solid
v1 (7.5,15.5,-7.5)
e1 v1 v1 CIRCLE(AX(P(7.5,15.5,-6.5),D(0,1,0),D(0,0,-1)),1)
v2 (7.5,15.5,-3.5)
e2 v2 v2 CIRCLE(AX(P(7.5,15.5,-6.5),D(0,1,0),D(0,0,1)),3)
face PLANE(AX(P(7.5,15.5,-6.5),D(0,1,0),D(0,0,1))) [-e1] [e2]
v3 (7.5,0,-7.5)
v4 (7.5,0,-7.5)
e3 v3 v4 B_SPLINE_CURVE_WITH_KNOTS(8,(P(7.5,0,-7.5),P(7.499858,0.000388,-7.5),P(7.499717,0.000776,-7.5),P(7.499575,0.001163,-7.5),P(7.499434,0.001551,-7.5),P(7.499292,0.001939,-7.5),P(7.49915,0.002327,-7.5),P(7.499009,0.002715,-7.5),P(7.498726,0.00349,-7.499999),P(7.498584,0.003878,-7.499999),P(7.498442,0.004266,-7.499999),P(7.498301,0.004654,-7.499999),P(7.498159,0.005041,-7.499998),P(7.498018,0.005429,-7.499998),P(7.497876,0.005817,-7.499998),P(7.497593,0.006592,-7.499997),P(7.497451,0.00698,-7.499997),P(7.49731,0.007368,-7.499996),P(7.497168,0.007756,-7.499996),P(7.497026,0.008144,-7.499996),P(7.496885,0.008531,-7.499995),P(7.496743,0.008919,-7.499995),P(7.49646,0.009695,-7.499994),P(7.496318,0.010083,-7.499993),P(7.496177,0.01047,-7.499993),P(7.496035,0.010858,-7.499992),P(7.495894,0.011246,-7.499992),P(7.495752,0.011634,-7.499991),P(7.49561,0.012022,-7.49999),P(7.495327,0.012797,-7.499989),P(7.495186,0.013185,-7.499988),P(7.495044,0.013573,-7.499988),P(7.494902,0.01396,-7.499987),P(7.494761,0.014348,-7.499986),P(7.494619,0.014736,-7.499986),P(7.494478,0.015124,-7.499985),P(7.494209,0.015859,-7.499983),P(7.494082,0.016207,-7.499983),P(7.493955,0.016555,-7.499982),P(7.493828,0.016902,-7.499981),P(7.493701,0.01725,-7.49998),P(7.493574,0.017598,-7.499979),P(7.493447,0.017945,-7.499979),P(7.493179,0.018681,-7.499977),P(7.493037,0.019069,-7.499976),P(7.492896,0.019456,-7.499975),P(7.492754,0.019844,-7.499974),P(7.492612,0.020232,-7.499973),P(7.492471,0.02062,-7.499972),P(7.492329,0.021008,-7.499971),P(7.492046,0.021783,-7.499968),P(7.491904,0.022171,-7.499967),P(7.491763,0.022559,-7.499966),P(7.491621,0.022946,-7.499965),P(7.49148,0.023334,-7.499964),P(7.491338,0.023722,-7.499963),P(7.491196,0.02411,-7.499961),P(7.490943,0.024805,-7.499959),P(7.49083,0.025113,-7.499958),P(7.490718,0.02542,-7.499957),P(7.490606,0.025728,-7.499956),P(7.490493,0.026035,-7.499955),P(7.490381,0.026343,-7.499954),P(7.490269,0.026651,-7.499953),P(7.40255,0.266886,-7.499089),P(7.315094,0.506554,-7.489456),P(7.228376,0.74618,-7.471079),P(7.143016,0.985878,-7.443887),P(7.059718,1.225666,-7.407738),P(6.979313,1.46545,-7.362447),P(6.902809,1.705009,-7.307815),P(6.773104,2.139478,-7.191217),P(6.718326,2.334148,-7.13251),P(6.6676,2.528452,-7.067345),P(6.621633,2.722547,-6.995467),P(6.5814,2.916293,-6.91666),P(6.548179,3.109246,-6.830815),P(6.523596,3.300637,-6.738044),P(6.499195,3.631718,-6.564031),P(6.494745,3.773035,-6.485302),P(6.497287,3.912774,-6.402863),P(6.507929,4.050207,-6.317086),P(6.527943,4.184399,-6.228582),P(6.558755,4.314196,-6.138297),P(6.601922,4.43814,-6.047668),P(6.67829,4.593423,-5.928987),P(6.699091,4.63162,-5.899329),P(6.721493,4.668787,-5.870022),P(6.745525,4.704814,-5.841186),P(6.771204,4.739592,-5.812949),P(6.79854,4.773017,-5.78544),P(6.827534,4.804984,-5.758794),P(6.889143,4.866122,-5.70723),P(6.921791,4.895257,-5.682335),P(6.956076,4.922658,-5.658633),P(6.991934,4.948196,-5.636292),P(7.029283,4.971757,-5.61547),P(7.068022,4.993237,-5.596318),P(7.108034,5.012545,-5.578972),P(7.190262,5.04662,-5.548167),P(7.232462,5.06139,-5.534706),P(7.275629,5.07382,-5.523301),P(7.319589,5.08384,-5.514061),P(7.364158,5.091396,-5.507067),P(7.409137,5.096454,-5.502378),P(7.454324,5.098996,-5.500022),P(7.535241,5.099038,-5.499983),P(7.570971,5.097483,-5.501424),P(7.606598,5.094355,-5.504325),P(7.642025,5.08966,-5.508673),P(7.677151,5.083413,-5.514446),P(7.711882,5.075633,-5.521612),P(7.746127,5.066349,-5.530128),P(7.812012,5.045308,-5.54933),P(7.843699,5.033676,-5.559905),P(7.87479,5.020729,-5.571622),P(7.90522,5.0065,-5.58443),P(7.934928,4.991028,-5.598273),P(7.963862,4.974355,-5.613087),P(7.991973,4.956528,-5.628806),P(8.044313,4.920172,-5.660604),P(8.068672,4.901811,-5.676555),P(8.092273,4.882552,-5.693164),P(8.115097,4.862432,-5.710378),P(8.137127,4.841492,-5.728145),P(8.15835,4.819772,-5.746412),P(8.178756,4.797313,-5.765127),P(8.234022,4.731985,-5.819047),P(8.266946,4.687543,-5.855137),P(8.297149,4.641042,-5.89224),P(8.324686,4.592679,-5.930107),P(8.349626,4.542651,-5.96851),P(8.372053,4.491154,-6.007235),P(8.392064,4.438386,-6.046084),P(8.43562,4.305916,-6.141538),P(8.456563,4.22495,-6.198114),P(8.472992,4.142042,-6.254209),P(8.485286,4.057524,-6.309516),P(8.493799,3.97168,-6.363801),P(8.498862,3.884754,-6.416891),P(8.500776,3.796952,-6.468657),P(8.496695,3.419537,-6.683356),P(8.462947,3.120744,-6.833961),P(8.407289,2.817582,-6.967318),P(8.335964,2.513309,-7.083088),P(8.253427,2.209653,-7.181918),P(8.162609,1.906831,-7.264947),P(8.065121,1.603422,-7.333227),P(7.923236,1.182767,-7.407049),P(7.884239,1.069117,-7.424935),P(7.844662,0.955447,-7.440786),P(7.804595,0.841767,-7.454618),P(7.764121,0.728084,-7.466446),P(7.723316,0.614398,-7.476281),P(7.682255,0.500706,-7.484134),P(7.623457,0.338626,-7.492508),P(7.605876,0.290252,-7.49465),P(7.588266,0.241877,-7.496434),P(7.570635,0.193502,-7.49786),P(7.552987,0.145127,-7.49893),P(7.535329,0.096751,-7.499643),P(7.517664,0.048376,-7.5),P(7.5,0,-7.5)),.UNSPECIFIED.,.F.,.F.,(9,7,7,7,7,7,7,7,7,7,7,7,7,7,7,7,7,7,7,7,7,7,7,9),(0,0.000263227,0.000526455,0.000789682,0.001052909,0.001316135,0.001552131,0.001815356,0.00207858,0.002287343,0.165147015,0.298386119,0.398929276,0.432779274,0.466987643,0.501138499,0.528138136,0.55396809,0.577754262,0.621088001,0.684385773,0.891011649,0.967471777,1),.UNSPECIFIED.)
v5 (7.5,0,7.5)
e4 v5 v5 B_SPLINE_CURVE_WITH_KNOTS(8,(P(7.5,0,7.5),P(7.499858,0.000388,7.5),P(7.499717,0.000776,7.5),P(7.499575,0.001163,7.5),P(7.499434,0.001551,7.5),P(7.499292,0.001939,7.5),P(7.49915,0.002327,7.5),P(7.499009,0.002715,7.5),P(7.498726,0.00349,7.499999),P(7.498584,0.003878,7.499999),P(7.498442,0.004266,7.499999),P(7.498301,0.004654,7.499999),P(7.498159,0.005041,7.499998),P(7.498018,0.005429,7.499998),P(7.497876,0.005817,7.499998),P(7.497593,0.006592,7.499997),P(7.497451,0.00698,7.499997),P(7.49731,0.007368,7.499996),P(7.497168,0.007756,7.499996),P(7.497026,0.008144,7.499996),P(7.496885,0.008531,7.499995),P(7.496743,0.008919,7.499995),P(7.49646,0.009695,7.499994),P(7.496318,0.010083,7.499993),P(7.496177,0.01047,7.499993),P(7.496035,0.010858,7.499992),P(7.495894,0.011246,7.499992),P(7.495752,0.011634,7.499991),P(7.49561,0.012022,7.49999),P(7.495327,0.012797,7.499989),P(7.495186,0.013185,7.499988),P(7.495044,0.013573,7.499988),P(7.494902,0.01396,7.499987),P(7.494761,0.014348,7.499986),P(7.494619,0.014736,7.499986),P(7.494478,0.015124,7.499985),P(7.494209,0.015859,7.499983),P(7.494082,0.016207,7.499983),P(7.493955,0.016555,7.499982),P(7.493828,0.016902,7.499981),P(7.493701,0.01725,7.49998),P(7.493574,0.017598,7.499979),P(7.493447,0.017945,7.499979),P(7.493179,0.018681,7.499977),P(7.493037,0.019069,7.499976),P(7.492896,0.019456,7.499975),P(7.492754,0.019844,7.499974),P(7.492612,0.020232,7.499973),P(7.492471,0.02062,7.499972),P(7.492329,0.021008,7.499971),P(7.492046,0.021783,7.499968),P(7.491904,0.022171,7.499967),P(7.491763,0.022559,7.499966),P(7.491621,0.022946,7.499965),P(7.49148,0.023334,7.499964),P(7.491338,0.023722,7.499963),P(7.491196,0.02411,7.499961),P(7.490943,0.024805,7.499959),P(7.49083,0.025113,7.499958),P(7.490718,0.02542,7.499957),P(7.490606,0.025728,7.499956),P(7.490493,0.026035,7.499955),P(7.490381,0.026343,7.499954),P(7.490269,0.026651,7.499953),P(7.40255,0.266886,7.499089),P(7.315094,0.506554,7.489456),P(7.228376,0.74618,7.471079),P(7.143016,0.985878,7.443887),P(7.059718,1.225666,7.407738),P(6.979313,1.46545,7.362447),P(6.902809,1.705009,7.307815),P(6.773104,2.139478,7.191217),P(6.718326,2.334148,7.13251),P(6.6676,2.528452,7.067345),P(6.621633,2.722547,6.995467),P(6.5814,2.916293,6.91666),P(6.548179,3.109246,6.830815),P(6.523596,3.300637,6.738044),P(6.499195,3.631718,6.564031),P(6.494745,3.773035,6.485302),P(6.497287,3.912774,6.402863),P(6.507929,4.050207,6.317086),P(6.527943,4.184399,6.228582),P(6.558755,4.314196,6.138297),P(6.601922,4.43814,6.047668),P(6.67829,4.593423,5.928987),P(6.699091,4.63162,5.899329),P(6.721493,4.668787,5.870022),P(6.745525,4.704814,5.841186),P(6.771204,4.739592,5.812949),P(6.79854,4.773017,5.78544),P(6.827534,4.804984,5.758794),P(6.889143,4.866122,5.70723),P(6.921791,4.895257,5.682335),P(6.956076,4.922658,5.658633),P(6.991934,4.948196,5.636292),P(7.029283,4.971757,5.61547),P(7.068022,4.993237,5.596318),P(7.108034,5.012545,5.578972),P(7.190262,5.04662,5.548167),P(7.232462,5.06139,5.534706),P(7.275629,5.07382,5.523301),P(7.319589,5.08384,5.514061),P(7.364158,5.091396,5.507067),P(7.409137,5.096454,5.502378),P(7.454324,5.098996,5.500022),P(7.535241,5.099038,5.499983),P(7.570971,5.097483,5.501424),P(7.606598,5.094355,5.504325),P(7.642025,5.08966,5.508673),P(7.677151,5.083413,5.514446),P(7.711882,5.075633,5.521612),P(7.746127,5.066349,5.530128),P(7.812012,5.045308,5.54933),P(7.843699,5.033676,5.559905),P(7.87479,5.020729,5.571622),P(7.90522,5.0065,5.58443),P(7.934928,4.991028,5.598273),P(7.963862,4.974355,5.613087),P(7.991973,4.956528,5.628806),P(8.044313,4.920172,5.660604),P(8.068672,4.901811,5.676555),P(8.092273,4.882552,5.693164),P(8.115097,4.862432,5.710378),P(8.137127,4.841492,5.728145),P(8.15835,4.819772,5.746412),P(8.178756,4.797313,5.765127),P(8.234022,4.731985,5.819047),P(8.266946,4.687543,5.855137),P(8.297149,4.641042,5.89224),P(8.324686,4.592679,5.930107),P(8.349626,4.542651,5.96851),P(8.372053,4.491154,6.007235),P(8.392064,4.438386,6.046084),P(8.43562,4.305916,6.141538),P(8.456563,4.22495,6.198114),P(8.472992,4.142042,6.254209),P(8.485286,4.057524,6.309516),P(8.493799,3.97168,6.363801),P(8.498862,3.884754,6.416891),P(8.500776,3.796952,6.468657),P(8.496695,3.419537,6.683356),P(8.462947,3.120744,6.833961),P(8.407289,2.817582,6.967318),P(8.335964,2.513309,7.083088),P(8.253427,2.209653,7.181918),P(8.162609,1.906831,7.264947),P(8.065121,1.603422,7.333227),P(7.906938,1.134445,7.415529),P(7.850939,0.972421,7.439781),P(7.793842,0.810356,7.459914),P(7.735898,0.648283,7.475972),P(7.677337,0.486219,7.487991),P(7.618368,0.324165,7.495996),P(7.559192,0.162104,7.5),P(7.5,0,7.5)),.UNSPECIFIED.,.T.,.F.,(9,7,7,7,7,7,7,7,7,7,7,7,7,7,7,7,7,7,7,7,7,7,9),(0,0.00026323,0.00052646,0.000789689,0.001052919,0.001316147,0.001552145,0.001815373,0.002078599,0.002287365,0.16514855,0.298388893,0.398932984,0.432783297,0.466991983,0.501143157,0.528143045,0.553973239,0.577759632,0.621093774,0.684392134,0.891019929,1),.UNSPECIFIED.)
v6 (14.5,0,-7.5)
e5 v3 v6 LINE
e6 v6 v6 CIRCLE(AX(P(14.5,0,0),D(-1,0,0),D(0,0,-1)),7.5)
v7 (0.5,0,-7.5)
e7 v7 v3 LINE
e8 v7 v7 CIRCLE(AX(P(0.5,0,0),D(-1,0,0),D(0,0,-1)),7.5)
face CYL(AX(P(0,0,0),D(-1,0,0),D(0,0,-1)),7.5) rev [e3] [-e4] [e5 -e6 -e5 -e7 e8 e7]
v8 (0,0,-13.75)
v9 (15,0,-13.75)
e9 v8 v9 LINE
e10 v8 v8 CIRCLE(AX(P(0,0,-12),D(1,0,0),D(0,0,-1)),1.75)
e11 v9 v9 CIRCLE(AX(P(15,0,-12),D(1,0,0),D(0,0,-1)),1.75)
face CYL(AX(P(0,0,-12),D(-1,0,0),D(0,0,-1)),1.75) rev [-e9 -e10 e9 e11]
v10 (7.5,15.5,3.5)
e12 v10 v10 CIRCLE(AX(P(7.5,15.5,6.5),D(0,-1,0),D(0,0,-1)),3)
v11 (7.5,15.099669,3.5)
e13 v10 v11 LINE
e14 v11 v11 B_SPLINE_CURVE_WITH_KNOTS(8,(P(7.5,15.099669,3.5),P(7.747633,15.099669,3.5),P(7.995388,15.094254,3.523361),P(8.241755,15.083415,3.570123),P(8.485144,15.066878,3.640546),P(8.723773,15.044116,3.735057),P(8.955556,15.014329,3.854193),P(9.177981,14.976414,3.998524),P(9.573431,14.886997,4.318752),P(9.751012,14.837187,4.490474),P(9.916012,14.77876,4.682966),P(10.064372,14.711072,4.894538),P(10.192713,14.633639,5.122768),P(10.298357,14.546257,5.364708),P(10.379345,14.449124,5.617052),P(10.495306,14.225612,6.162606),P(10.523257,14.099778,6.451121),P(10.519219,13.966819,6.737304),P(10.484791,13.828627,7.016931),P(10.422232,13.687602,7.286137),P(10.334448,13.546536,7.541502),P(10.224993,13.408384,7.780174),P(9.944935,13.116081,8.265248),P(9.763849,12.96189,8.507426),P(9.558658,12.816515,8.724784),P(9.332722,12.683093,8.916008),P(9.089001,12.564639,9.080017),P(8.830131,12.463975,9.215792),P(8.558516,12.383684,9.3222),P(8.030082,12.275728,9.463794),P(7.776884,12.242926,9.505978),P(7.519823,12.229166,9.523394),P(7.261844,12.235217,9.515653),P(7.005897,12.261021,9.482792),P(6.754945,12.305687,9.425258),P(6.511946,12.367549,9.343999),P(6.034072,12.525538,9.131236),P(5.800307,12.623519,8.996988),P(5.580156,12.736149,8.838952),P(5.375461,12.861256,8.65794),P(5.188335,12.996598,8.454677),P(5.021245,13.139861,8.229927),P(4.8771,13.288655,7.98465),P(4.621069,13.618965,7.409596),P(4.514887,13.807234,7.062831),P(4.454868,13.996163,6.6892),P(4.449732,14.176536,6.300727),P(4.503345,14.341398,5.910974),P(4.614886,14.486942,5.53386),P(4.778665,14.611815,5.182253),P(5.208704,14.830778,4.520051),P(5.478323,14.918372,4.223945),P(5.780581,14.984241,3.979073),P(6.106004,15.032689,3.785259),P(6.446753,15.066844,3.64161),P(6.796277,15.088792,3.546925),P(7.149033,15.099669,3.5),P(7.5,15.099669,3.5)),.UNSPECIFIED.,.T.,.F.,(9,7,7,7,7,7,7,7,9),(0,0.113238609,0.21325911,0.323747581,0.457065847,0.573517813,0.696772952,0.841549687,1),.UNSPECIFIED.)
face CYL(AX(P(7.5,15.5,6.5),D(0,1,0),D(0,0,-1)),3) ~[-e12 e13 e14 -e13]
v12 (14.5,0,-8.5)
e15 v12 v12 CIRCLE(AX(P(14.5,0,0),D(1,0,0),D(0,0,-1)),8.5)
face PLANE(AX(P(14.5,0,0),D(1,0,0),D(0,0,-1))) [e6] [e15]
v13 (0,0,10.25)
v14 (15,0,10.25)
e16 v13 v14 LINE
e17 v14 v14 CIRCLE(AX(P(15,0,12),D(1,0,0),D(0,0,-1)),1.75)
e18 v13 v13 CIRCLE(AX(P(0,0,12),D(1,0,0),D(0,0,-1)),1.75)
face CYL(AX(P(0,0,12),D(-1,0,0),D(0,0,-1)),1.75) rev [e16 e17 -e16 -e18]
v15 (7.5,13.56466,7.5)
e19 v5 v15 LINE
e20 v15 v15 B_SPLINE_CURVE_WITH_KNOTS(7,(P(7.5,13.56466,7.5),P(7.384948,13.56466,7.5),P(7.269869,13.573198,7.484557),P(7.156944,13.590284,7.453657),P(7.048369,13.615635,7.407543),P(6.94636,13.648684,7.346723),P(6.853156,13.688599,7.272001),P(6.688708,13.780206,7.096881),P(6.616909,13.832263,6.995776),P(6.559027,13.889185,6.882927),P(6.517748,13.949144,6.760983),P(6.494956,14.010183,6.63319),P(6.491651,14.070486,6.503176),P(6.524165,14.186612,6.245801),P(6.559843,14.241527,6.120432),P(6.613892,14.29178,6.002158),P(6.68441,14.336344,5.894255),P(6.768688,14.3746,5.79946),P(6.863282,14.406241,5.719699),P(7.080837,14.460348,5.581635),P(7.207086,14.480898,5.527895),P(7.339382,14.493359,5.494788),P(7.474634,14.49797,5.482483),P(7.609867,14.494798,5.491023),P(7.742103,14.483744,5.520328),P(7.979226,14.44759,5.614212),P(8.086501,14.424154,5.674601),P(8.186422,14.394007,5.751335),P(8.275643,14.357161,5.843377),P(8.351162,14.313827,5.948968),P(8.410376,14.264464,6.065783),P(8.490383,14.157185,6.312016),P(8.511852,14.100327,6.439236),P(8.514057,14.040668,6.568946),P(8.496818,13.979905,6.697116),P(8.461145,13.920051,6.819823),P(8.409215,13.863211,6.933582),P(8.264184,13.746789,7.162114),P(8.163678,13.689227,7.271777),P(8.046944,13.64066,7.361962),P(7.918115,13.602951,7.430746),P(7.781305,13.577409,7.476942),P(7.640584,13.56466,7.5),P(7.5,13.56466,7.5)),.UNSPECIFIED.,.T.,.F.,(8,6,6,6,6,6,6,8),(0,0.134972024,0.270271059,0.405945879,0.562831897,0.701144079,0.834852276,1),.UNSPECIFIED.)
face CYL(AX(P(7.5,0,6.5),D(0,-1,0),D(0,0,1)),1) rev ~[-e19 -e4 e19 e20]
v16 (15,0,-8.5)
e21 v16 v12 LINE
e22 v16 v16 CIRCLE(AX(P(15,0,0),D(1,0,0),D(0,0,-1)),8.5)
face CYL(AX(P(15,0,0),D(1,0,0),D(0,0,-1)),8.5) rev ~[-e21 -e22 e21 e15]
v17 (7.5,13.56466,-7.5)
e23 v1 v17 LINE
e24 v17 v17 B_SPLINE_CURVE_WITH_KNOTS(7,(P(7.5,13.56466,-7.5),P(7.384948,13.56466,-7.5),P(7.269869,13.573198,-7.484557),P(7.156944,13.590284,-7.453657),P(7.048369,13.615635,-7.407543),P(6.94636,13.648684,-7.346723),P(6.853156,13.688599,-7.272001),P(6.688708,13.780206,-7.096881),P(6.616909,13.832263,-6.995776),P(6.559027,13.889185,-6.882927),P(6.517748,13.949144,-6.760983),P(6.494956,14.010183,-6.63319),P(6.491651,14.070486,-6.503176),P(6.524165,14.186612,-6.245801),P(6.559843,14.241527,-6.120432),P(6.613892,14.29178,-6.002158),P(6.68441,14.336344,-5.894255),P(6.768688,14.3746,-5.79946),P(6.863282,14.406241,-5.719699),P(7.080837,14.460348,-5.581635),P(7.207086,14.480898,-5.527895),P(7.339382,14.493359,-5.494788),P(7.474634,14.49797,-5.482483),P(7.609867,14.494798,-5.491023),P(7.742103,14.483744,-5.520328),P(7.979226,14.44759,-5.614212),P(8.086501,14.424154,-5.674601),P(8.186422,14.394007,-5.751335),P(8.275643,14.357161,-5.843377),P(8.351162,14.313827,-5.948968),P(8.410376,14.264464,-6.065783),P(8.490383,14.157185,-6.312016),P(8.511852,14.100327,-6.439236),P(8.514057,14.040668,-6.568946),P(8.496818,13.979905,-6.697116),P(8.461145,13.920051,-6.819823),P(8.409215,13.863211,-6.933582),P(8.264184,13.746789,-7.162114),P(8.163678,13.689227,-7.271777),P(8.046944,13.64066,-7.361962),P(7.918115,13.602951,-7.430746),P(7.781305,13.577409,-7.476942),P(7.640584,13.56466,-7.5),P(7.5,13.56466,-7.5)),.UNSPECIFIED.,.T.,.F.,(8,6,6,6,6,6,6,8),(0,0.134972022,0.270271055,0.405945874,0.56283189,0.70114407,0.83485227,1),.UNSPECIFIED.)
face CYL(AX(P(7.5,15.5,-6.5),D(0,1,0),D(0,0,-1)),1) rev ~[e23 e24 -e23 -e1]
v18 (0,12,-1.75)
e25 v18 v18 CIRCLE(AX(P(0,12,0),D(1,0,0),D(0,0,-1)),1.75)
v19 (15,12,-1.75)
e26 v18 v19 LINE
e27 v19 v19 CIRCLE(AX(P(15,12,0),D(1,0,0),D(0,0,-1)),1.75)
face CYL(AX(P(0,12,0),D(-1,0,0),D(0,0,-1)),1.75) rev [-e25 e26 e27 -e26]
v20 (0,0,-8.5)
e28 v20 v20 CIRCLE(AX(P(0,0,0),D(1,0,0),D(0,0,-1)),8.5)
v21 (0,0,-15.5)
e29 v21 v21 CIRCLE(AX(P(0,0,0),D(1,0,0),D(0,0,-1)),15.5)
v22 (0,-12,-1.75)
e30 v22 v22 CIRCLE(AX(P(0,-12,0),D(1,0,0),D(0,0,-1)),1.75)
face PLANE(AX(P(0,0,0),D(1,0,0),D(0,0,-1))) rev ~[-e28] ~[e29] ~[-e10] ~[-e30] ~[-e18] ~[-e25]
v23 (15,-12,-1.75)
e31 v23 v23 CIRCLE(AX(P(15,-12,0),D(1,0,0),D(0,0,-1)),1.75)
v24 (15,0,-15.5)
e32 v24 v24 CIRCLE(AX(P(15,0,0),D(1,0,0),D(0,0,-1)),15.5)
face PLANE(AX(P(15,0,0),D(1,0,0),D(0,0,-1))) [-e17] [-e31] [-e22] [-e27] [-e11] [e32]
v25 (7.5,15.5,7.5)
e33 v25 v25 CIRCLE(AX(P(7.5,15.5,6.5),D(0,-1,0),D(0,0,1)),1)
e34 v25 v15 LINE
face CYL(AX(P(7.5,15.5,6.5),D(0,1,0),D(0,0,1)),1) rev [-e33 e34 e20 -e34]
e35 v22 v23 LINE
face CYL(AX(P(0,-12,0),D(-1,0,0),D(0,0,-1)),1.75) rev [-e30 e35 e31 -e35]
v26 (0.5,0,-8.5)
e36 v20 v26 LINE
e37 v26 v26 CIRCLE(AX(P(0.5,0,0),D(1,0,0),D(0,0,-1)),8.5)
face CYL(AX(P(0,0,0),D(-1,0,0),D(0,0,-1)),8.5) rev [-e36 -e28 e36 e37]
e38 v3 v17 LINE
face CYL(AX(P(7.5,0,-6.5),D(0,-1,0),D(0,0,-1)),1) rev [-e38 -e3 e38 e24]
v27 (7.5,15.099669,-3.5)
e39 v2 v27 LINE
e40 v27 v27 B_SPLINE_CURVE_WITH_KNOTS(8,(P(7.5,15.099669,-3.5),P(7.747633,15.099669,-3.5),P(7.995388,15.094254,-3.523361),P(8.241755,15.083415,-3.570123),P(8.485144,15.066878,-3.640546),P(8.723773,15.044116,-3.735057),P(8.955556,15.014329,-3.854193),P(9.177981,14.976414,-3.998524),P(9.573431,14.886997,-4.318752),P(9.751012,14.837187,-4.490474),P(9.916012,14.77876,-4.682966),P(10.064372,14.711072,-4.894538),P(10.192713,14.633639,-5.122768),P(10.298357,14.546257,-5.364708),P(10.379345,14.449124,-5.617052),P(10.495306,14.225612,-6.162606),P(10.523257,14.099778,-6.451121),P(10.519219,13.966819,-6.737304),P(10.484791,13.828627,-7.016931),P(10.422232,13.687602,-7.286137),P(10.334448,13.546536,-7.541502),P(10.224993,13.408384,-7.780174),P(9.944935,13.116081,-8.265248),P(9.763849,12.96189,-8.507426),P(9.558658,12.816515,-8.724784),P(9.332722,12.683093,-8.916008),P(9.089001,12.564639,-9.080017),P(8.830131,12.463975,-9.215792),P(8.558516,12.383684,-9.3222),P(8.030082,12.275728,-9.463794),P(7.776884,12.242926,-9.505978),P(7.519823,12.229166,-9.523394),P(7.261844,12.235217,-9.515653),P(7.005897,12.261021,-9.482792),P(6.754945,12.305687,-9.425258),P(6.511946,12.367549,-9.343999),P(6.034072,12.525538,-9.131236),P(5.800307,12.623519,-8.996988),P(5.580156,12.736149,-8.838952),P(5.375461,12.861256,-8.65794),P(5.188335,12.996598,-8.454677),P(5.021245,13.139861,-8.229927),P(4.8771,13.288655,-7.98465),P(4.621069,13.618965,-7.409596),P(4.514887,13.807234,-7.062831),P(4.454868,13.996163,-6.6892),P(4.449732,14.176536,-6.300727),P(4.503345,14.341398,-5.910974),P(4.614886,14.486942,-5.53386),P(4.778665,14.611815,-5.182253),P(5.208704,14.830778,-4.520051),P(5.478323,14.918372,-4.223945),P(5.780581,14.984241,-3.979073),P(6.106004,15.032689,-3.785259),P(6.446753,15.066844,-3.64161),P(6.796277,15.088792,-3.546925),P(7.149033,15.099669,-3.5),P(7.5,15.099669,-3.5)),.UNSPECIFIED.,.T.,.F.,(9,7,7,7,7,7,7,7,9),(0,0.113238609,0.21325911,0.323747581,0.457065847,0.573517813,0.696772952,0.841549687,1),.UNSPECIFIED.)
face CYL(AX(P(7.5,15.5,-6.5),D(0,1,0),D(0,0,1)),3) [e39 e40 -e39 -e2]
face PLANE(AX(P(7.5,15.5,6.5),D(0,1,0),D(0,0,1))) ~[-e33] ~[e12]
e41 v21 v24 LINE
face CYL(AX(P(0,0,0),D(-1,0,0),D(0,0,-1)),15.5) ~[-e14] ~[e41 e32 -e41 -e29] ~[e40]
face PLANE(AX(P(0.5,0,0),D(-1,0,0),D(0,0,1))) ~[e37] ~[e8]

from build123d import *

# Parameters (mm, degrees)
SKETCH2_R                = 15.5
SKETCH2_R_2              = 1.75
SKETCH2_R_3              = 7.5
FLANGE_DEPTH             = 15
SKETCH3_R                = 8.5
O_RING_SEAT_DEPTH        = 0.5
SKETCH5_R                = 1
OUTLET_DEPTH             = 27.561249971
BOSS_EXTRUDE2_REACH      = 39.766
BOSS_EXTRUDE2_END_RADIUS = 15.5
SKETCH6_R                = 3
SKETCH6_R_2              = 1


with BuildPart() as part:
    # Sketch2 → Flange (new body)
    with BuildSketch(Plane(origin=(0, 0, 0), x_dir=(0, 0, -1), z_dir=(1, 0, 0))):
        Circle(SKETCH2_R)
        with Locations((0, 12)):
            Circle(SKETCH2_R_2, mode=Mode.SUBTRACT)
        with Locations((12, 0)):
            Circle(SKETCH2_R_2, mode=Mode.SUBTRACT)
        with Locations((0, -12)):
            Circle(SKETCH2_R_2, mode=Mode.SUBTRACT)
        with Locations((-12, 0)):
            Circle(SKETCH2_R_2, mode=Mode.SUBTRACT)
        Circle(SKETCH2_R_3, mode=Mode.SUBTRACT)
    extrude(amount=FLANGE_DEPTH)

    # Sketch3 → O-Ring Seat (cut)
    with BuildSketch(Plane(origin=(15, 0, 0), x_dir=(0, 0, -1), z_dir=(1, 0, 0))):
        Circle(SKETCH3_R)
    o_ring_seat = extrude(amount=-O_RING_SEAT_DEPTH, mode=Mode.SUBTRACT)

    # Mirror1: O-Ring Seat across plane
    add(o_ring_seat.mirror(Plane.ZY.offset(-7.5)), mode=Mode.SUBTRACT)

    # Sketch5 → Outlet (cut, through all)
    with BuildSketch(Plane(origin=(0, 0, 0), x_dir=(1, 0, 0), z_dir=(0, 1, 0))):
        with Locations(Location((7.5, 6.5, 0), (0, 0, 90))):
            Circle(SKETCH5_R)
    outlet = extrude(amount=OUTLET_DEPTH, mode=Mode.SUBTRACT)

    # Boss-Extrude2: up to this cylinder (the profile starts outside it)
    boss_extrude2_end = Plane(origin=(7.5, 0, 0), z_dir=(-1, 0, 0)) * Cylinder(BOSS_EXTRUDE2_END_RADIUS, 111.532, mode=Mode.PRIVATE)
    # Sketch6 → Boss-Extrude2 (add, up to the surface)
    with BuildSketch(Plane(origin=(0, 15.5, 0), x_dir=(1, 0, 0), z_dir=(0, 1, 0)), mode=Mode.PRIVATE) as boss_extrude2_sk1:
        with Locations(Location((7.5, 6.5, 0), (0, 0, 270))):
            Circle(SKETCH6_R)
        with Locations(Location((7.5, 6.5, 0), (0, 0, 90))):
            Circle(SKETCH6_R_2, mode=Mode.SUBTRACT)
    boss_extrude2_tool1 = extrude(boss_extrude2_sk1.sketch, amount=-BOSS_EXTRUDE2_REACH, mode=Mode.PRIVATE) - boss_extrude2_end
    boss_extrude2 = boss_extrude2_tool1.solids().sort_by_distance((7.5, 15.5, -9.415147))[0]
    add(boss_extrude2)

    # Inlet: Outlet, Boss-Extrude2 across plane
    add(outlet.mirror(Plane.XY), mode=Mode.SUBTRACT)
    add(boss_extrude2.mirror(Plane.XY))


solid = part.part
